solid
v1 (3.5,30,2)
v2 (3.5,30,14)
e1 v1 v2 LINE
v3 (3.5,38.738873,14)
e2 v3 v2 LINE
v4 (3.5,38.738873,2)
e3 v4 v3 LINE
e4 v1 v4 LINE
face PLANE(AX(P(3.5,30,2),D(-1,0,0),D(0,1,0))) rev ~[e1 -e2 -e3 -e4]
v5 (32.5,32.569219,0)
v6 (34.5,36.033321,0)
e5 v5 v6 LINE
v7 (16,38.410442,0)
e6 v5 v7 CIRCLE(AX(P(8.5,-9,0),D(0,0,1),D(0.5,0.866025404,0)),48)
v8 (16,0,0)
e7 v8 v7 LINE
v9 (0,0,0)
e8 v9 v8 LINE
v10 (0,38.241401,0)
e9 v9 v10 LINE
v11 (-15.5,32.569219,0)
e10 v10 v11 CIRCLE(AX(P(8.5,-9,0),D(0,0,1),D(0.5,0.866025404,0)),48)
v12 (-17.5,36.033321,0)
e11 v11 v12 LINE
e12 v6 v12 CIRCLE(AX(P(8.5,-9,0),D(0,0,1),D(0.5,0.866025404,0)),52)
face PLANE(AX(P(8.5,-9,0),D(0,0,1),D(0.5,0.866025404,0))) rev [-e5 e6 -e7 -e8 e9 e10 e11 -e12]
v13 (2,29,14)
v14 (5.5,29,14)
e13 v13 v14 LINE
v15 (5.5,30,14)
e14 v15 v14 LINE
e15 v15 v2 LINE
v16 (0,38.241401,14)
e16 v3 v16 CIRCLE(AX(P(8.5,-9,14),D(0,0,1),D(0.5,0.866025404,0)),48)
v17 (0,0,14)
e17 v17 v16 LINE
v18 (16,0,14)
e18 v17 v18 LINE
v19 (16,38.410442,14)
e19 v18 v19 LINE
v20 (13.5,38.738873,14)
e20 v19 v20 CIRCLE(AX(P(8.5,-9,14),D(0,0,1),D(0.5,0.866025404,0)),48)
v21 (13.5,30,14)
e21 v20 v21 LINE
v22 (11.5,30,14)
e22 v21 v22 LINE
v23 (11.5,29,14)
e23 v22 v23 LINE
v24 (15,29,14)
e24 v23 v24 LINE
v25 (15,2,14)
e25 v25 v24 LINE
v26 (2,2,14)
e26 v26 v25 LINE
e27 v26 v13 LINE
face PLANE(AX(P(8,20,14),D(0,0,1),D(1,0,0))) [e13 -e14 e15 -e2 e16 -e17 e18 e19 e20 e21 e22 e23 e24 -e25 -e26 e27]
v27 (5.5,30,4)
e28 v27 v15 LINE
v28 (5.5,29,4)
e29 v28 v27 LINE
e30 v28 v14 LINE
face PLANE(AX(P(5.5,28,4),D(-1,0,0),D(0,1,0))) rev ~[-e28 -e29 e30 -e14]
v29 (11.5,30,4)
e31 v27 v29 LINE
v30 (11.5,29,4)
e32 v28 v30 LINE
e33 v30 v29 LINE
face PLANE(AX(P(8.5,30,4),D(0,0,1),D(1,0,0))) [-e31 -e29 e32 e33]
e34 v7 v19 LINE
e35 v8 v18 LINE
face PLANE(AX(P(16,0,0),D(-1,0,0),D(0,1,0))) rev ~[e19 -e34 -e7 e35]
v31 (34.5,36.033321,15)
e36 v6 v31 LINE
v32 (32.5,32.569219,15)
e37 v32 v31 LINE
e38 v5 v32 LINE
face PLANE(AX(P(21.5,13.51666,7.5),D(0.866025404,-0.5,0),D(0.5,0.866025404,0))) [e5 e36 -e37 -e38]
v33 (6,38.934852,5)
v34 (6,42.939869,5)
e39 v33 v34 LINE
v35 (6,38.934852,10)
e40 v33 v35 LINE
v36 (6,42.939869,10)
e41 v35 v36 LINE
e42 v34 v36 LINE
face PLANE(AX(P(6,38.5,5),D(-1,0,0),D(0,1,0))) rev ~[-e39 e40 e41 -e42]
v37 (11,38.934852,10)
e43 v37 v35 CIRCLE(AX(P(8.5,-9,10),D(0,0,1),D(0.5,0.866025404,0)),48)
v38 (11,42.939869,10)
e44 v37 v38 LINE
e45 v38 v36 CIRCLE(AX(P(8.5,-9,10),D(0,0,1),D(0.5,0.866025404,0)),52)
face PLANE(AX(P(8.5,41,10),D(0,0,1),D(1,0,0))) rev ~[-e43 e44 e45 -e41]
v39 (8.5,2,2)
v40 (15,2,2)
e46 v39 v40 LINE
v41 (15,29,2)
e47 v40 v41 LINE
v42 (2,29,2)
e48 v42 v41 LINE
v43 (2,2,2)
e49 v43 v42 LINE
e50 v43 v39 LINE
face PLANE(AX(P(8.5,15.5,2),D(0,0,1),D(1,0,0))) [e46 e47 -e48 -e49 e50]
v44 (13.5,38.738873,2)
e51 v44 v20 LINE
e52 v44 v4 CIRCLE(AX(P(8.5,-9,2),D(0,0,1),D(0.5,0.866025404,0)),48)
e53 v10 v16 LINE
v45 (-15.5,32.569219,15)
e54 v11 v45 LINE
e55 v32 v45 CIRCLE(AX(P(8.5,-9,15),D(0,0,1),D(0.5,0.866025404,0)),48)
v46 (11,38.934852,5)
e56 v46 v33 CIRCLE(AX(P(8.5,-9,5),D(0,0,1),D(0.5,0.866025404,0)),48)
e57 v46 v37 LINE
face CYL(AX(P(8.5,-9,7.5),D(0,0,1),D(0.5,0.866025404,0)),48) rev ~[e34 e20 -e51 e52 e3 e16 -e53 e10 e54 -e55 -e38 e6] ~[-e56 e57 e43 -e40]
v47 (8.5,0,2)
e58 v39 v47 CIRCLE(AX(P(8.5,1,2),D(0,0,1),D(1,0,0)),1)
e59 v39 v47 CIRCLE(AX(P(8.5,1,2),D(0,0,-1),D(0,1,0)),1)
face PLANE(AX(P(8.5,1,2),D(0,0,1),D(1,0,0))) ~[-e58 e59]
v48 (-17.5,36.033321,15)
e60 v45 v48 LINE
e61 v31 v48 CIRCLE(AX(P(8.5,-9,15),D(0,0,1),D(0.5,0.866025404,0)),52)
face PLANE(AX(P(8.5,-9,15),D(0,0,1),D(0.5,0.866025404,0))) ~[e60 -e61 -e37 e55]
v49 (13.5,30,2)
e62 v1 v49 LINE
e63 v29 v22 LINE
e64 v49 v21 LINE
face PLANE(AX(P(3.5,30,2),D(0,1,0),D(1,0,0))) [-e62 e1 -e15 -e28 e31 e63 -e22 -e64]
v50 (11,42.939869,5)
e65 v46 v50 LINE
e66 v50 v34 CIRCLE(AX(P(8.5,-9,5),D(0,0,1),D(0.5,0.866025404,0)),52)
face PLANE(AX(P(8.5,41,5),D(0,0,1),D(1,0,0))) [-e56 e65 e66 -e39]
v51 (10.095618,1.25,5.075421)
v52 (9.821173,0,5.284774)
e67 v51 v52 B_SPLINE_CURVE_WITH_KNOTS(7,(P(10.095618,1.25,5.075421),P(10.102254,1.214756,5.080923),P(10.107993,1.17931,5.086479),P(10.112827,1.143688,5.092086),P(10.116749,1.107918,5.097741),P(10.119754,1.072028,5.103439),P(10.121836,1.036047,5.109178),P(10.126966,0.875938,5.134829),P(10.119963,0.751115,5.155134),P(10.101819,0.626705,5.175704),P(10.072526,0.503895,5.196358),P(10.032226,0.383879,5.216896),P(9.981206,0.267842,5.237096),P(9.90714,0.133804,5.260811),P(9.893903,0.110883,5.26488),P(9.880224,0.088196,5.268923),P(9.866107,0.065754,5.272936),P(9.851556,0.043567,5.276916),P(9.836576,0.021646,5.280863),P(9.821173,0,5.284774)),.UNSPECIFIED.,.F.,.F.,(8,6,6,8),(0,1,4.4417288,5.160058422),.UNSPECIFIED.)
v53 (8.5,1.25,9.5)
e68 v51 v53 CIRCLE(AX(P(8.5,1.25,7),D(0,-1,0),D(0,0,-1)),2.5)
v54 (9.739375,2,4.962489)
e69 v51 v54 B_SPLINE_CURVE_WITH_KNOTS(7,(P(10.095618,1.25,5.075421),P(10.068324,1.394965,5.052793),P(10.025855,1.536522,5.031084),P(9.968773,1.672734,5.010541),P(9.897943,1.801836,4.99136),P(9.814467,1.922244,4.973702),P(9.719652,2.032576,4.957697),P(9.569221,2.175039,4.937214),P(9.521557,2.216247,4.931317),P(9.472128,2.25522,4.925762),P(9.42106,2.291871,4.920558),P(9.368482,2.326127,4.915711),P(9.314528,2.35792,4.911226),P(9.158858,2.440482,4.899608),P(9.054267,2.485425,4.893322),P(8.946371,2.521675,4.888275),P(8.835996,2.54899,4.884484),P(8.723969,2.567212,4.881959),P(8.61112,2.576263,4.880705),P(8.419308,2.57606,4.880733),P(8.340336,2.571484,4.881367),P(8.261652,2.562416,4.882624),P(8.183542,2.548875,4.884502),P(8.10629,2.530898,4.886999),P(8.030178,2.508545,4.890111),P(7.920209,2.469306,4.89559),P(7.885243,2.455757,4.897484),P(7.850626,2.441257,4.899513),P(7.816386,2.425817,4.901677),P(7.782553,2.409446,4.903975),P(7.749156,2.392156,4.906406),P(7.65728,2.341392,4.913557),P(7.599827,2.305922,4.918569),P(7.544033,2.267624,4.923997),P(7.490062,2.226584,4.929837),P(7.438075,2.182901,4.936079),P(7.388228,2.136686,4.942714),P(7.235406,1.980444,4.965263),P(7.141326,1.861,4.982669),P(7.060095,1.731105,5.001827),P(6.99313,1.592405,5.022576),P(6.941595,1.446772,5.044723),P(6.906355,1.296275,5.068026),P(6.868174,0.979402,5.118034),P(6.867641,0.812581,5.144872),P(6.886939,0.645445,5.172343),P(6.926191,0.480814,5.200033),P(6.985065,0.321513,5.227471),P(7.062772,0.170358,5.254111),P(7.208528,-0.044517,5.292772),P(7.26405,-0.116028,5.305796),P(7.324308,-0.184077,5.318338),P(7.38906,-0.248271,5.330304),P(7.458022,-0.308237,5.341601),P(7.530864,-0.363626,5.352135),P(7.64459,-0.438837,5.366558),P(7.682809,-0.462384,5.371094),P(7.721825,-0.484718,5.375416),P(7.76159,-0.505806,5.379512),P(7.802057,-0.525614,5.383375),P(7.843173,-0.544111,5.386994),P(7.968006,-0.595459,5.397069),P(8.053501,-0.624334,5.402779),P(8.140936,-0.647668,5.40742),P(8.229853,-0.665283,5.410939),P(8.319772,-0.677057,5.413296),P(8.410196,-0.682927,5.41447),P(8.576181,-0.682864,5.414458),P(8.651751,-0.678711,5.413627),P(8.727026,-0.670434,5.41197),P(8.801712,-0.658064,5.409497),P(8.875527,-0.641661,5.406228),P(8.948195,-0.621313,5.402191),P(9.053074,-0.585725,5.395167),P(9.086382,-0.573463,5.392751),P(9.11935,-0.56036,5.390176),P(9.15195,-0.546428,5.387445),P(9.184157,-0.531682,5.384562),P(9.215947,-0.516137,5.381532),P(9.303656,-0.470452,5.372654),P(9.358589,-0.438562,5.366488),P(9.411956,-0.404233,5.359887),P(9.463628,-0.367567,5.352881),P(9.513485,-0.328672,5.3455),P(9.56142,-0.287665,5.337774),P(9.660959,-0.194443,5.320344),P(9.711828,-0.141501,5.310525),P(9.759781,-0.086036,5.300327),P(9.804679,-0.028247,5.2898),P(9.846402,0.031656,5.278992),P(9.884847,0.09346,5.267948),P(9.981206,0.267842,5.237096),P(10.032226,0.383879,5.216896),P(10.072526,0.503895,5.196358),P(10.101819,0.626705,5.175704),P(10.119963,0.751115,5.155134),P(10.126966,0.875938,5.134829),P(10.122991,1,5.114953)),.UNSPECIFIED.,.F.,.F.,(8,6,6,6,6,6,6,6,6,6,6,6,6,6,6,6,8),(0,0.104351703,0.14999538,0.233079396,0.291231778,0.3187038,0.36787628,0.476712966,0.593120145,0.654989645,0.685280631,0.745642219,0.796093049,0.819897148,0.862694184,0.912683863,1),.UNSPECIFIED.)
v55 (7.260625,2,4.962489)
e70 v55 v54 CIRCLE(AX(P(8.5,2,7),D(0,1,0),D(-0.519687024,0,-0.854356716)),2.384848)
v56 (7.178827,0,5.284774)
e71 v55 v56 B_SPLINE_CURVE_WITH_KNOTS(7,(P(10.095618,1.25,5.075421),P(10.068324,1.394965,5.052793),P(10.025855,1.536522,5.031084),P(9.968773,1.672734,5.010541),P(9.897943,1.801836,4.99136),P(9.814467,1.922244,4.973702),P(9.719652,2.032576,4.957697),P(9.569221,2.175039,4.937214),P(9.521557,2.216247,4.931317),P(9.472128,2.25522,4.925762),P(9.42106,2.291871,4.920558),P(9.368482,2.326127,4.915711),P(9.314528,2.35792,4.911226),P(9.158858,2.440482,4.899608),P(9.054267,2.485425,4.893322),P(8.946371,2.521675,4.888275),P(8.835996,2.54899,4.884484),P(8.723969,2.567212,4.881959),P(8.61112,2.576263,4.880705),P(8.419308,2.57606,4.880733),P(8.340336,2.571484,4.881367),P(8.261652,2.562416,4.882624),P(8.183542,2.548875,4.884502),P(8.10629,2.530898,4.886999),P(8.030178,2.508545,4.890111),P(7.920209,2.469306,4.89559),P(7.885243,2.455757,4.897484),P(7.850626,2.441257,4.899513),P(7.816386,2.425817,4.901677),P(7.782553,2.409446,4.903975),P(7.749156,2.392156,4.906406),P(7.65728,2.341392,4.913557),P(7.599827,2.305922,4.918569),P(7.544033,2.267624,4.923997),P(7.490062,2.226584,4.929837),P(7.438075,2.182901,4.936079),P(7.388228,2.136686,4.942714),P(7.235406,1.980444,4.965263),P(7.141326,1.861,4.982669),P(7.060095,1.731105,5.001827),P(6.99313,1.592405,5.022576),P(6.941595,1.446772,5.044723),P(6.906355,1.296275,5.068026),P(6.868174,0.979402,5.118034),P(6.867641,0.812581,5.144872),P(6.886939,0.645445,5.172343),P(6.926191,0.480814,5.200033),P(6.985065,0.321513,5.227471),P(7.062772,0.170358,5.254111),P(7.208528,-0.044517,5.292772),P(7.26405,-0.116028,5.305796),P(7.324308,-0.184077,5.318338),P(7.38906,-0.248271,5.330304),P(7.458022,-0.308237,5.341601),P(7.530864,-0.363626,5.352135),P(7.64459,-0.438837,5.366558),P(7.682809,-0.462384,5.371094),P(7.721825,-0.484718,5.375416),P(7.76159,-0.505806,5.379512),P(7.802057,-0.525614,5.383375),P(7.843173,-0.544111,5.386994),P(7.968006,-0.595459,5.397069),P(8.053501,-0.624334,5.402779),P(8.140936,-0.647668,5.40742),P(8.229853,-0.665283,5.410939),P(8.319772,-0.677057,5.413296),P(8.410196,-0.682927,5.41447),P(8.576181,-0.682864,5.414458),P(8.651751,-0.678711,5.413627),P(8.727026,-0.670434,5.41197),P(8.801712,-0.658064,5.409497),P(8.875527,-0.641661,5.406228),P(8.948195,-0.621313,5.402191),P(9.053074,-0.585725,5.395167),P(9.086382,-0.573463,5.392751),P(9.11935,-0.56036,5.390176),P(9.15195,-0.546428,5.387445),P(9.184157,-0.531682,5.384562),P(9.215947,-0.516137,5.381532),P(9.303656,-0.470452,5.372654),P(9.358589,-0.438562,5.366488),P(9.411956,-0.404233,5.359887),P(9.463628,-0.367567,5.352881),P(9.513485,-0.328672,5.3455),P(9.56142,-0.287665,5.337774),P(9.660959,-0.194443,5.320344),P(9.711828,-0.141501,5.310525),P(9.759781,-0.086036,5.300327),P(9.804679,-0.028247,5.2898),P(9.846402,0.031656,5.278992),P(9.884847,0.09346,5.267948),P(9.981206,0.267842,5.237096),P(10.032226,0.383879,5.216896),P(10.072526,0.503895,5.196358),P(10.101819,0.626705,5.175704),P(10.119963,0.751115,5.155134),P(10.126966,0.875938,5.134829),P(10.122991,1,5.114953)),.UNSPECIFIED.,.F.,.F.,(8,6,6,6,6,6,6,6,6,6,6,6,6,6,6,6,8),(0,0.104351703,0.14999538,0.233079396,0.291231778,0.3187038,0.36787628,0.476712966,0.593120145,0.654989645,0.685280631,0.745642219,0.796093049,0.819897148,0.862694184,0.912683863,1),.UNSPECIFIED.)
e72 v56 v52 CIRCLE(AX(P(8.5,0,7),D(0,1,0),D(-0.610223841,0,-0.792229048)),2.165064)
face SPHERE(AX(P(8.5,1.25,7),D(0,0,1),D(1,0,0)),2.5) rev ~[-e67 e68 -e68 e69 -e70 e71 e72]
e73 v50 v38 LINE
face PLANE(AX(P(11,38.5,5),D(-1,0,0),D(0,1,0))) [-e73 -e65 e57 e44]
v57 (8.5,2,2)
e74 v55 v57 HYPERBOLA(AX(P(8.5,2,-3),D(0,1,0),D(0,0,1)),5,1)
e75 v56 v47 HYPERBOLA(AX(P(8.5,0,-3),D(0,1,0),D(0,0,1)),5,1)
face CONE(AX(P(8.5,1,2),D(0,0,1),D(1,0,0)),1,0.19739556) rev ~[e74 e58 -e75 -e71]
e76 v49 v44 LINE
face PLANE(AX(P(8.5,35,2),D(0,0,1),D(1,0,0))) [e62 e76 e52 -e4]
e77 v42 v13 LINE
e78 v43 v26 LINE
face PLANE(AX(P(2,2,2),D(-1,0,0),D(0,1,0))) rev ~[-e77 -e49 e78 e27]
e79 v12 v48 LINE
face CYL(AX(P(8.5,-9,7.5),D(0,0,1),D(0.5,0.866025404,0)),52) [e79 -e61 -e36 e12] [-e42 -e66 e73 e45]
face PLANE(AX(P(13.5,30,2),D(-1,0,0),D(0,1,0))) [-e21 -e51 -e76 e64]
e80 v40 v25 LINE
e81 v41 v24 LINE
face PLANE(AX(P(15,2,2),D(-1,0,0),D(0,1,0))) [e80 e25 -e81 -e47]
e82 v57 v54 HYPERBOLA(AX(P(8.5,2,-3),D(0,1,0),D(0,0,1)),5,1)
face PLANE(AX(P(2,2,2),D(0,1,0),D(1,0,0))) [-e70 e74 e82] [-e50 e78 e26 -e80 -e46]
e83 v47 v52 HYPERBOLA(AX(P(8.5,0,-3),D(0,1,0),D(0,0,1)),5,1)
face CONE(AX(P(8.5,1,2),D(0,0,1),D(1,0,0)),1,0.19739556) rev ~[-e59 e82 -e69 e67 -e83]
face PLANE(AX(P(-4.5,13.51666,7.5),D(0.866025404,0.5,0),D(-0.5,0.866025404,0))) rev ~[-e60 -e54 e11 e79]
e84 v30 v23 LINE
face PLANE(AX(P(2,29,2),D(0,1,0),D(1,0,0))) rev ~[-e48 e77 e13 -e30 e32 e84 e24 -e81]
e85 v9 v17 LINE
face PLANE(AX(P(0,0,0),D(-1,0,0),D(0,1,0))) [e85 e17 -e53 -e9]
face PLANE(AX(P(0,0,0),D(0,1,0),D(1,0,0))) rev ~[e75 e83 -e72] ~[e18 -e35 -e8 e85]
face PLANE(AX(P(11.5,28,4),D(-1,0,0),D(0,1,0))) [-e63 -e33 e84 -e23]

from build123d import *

# Parameters (mm, degrees)
BOX004_W                    = 5
BOX004_H                    = 5
BOX004_DEPTH                = 5
CYLINDER001_W               = 48
CYLINDER001_H               = 15
CYLINDER001_ANGLE           = 60
CYLINDER001_PLACEMENT_ANGLE = 60
CYLINDER_W                  = 52
CYLINDER_H                  = 15
CYLINDER_ANGLE              = 60
CYLINDER_PLACEMENT_ANGLE    = 60
BOX003_W                    = 6
BOX003_H                    = 4
BOX003_DEPTH                = 15
BOX002_W                    = 10
BOX002_H                    = 10
BOX002_DEPTH                = 15
BOX001_W                    = 13
BOX001_H                    = 27
BOX001_DEPTH                = 12
BOX_W                       = 16
BOX_H                       = 40
BOX_DEPTH                   = 14


with BuildPart() as pin_opening:
    # Box004 → Box004 (new body)
    with BuildSketch(Plane(origin=(6, 38.5, 5), x_dir=(1, 0, 0), z_dir=(0, 0, 1))):
        with Locations((2.5, 2.5)):
            Rectangle(BOX004_W, BOX004_H)
    extrude(amount=BOX004_DEPTH)


with BuildPart() as bottle_wall001:
    # Cylinder001 → Cylinder001 (revolve)
    with BuildSketch(Plane.XZ):
        with Locations((24, 7.5)):
            Rectangle(CYLINDER001_W, CYLINDER001_H)
    revolve(axis=Axis((0, 0, 0), (0, 0, 1)), revolution_arc=CYLINDER001_ANGLE)


with BuildPart() as bottle_wall001_1:
    # Cylinder001 placement: moved
    add(bottle_wall001.part.moved(Location((8.5, -7, 0))).rotate(Axis((8.5, -7, 0), (0, 0, 1)), CYLINDER001_PLACEMENT_ANGLE))


with BuildPart() as cut005:
    # Cylinder → Cylinder (revolve)
    with BuildSketch(Plane.XZ):
        with Locations((26, 7.5)):
            Rectangle(CYLINDER_W, CYLINDER_H)
    revolve(axis=Axis((0, 0, 0), (0, 0, 1)), revolution_arc=CYLINDER_ANGLE)


with BuildPart() as cut005_1:
    # Cylinder placement: moved
    add(cut005.part.moved(Location((8.5, -7, 0))).rotate(Axis((8.5, -7, 0), (0, 0, 1)), CYLINDER_PLACEMENT_ANGLE))

    # Cut005: cut bottle_wall001
    add(bottle_wall001_1.part, mode=Mode.SUBTRACT)


with BuildPart() as cut005_2:
    # Cut005 placement: moved
    add(cut005_1.part.moved(Location((0, -2, 0))))


with BuildPart() as cone:
    # Cone → Cone (revolve)
    with BuildSketch(Plane(origin=(8.5, 1, 2), x_dir=(1, 0, 0), z_dir=(0, -1, 0))):
        Polygon((0, 0), (1, 0), (2, 5), (0, 5), align=None)
    revolve(axis=Axis((8.5, 1, 2), (0, 0, 1)))


with BuildPart() as pinhole:
    # Sphere → Sphere (revolve)
    with BuildSketch(Plane(origin=(8.5, 1.25, 7), x_dir=(1, 0, 0), z_dir=(0, -1, 0))):
        with BuildLine():
            ThreePointArc((0, -2.5), (2.5, 0), (0, 2.5))
            Line((0, 2.5), (0, -2.5))
        make_face()
    revolve(axis=Axis((8.5, 1.25, 7), (0, 0, 1)))


with BuildPart() as neck:
    # Box003 → Box003 (new body)
    with BuildSketch(Plane(origin=(5.5, 28, 4), x_dir=(1, 0, 0), z_dir=(0, 0, 1))):
        with Locations((3, 2)):
            Rectangle(BOX003_W, BOX003_H)
    extrude(amount=BOX003_DEPTH)


with BuildPart() as pullbay:
    # Box002 → Box002 (new body)
    with BuildSketch(Plane(origin=(3.5, 30, 2), x_dir=(1, 0, 0), z_dir=(0, 0, 1))):
        with Locations((5, 5)):
            Rectangle(BOX002_W, BOX002_H)
    extrude(amount=BOX002_DEPTH)


with BuildPart() as solenoidbay:
    # Box001 → Box001 (new body)
    with BuildSketch(Plane(origin=(2, 2, 2), x_dir=(1, 0, 0), z_dir=(0, 0, 1))):
        with Locations((6.5, 13.5)):
            Rectangle(BOX001_W, BOX001_H)
    extrude(amount=BOX001_DEPTH)


with BuildPart() as cut006:
    # Box → Box (new body)
    with BuildSketch(Plane.XY):
        with Locations((8, 20)):
            Rectangle(BOX_W, BOX_H)
    extrude(amount=BOX_DEPTH)

    # Cut: cut solenoidBay
    add(solenoidbay.part, mode=Mode.SUBTRACT)

    # Cut001: cut pullBay
    add(pullbay.part, mode=Mode.SUBTRACT)

    # Cut002: cut neck
    add(neck.part, mode=Mode.SUBTRACT)

    # Cut003: cut pinhole
    add(pinhole.part, mode=Mode.SUBTRACT)

    # Cut004: cut Cone
    add(cone.part, mode=Mode.SUBTRACT)

    # Fusion: union Cut005
    add(cut005_2.part)

    # Cut006: cut pin_opening
    add(pin_opening.part, mode=Mode.SUBTRACT)


solid = cut006.part
